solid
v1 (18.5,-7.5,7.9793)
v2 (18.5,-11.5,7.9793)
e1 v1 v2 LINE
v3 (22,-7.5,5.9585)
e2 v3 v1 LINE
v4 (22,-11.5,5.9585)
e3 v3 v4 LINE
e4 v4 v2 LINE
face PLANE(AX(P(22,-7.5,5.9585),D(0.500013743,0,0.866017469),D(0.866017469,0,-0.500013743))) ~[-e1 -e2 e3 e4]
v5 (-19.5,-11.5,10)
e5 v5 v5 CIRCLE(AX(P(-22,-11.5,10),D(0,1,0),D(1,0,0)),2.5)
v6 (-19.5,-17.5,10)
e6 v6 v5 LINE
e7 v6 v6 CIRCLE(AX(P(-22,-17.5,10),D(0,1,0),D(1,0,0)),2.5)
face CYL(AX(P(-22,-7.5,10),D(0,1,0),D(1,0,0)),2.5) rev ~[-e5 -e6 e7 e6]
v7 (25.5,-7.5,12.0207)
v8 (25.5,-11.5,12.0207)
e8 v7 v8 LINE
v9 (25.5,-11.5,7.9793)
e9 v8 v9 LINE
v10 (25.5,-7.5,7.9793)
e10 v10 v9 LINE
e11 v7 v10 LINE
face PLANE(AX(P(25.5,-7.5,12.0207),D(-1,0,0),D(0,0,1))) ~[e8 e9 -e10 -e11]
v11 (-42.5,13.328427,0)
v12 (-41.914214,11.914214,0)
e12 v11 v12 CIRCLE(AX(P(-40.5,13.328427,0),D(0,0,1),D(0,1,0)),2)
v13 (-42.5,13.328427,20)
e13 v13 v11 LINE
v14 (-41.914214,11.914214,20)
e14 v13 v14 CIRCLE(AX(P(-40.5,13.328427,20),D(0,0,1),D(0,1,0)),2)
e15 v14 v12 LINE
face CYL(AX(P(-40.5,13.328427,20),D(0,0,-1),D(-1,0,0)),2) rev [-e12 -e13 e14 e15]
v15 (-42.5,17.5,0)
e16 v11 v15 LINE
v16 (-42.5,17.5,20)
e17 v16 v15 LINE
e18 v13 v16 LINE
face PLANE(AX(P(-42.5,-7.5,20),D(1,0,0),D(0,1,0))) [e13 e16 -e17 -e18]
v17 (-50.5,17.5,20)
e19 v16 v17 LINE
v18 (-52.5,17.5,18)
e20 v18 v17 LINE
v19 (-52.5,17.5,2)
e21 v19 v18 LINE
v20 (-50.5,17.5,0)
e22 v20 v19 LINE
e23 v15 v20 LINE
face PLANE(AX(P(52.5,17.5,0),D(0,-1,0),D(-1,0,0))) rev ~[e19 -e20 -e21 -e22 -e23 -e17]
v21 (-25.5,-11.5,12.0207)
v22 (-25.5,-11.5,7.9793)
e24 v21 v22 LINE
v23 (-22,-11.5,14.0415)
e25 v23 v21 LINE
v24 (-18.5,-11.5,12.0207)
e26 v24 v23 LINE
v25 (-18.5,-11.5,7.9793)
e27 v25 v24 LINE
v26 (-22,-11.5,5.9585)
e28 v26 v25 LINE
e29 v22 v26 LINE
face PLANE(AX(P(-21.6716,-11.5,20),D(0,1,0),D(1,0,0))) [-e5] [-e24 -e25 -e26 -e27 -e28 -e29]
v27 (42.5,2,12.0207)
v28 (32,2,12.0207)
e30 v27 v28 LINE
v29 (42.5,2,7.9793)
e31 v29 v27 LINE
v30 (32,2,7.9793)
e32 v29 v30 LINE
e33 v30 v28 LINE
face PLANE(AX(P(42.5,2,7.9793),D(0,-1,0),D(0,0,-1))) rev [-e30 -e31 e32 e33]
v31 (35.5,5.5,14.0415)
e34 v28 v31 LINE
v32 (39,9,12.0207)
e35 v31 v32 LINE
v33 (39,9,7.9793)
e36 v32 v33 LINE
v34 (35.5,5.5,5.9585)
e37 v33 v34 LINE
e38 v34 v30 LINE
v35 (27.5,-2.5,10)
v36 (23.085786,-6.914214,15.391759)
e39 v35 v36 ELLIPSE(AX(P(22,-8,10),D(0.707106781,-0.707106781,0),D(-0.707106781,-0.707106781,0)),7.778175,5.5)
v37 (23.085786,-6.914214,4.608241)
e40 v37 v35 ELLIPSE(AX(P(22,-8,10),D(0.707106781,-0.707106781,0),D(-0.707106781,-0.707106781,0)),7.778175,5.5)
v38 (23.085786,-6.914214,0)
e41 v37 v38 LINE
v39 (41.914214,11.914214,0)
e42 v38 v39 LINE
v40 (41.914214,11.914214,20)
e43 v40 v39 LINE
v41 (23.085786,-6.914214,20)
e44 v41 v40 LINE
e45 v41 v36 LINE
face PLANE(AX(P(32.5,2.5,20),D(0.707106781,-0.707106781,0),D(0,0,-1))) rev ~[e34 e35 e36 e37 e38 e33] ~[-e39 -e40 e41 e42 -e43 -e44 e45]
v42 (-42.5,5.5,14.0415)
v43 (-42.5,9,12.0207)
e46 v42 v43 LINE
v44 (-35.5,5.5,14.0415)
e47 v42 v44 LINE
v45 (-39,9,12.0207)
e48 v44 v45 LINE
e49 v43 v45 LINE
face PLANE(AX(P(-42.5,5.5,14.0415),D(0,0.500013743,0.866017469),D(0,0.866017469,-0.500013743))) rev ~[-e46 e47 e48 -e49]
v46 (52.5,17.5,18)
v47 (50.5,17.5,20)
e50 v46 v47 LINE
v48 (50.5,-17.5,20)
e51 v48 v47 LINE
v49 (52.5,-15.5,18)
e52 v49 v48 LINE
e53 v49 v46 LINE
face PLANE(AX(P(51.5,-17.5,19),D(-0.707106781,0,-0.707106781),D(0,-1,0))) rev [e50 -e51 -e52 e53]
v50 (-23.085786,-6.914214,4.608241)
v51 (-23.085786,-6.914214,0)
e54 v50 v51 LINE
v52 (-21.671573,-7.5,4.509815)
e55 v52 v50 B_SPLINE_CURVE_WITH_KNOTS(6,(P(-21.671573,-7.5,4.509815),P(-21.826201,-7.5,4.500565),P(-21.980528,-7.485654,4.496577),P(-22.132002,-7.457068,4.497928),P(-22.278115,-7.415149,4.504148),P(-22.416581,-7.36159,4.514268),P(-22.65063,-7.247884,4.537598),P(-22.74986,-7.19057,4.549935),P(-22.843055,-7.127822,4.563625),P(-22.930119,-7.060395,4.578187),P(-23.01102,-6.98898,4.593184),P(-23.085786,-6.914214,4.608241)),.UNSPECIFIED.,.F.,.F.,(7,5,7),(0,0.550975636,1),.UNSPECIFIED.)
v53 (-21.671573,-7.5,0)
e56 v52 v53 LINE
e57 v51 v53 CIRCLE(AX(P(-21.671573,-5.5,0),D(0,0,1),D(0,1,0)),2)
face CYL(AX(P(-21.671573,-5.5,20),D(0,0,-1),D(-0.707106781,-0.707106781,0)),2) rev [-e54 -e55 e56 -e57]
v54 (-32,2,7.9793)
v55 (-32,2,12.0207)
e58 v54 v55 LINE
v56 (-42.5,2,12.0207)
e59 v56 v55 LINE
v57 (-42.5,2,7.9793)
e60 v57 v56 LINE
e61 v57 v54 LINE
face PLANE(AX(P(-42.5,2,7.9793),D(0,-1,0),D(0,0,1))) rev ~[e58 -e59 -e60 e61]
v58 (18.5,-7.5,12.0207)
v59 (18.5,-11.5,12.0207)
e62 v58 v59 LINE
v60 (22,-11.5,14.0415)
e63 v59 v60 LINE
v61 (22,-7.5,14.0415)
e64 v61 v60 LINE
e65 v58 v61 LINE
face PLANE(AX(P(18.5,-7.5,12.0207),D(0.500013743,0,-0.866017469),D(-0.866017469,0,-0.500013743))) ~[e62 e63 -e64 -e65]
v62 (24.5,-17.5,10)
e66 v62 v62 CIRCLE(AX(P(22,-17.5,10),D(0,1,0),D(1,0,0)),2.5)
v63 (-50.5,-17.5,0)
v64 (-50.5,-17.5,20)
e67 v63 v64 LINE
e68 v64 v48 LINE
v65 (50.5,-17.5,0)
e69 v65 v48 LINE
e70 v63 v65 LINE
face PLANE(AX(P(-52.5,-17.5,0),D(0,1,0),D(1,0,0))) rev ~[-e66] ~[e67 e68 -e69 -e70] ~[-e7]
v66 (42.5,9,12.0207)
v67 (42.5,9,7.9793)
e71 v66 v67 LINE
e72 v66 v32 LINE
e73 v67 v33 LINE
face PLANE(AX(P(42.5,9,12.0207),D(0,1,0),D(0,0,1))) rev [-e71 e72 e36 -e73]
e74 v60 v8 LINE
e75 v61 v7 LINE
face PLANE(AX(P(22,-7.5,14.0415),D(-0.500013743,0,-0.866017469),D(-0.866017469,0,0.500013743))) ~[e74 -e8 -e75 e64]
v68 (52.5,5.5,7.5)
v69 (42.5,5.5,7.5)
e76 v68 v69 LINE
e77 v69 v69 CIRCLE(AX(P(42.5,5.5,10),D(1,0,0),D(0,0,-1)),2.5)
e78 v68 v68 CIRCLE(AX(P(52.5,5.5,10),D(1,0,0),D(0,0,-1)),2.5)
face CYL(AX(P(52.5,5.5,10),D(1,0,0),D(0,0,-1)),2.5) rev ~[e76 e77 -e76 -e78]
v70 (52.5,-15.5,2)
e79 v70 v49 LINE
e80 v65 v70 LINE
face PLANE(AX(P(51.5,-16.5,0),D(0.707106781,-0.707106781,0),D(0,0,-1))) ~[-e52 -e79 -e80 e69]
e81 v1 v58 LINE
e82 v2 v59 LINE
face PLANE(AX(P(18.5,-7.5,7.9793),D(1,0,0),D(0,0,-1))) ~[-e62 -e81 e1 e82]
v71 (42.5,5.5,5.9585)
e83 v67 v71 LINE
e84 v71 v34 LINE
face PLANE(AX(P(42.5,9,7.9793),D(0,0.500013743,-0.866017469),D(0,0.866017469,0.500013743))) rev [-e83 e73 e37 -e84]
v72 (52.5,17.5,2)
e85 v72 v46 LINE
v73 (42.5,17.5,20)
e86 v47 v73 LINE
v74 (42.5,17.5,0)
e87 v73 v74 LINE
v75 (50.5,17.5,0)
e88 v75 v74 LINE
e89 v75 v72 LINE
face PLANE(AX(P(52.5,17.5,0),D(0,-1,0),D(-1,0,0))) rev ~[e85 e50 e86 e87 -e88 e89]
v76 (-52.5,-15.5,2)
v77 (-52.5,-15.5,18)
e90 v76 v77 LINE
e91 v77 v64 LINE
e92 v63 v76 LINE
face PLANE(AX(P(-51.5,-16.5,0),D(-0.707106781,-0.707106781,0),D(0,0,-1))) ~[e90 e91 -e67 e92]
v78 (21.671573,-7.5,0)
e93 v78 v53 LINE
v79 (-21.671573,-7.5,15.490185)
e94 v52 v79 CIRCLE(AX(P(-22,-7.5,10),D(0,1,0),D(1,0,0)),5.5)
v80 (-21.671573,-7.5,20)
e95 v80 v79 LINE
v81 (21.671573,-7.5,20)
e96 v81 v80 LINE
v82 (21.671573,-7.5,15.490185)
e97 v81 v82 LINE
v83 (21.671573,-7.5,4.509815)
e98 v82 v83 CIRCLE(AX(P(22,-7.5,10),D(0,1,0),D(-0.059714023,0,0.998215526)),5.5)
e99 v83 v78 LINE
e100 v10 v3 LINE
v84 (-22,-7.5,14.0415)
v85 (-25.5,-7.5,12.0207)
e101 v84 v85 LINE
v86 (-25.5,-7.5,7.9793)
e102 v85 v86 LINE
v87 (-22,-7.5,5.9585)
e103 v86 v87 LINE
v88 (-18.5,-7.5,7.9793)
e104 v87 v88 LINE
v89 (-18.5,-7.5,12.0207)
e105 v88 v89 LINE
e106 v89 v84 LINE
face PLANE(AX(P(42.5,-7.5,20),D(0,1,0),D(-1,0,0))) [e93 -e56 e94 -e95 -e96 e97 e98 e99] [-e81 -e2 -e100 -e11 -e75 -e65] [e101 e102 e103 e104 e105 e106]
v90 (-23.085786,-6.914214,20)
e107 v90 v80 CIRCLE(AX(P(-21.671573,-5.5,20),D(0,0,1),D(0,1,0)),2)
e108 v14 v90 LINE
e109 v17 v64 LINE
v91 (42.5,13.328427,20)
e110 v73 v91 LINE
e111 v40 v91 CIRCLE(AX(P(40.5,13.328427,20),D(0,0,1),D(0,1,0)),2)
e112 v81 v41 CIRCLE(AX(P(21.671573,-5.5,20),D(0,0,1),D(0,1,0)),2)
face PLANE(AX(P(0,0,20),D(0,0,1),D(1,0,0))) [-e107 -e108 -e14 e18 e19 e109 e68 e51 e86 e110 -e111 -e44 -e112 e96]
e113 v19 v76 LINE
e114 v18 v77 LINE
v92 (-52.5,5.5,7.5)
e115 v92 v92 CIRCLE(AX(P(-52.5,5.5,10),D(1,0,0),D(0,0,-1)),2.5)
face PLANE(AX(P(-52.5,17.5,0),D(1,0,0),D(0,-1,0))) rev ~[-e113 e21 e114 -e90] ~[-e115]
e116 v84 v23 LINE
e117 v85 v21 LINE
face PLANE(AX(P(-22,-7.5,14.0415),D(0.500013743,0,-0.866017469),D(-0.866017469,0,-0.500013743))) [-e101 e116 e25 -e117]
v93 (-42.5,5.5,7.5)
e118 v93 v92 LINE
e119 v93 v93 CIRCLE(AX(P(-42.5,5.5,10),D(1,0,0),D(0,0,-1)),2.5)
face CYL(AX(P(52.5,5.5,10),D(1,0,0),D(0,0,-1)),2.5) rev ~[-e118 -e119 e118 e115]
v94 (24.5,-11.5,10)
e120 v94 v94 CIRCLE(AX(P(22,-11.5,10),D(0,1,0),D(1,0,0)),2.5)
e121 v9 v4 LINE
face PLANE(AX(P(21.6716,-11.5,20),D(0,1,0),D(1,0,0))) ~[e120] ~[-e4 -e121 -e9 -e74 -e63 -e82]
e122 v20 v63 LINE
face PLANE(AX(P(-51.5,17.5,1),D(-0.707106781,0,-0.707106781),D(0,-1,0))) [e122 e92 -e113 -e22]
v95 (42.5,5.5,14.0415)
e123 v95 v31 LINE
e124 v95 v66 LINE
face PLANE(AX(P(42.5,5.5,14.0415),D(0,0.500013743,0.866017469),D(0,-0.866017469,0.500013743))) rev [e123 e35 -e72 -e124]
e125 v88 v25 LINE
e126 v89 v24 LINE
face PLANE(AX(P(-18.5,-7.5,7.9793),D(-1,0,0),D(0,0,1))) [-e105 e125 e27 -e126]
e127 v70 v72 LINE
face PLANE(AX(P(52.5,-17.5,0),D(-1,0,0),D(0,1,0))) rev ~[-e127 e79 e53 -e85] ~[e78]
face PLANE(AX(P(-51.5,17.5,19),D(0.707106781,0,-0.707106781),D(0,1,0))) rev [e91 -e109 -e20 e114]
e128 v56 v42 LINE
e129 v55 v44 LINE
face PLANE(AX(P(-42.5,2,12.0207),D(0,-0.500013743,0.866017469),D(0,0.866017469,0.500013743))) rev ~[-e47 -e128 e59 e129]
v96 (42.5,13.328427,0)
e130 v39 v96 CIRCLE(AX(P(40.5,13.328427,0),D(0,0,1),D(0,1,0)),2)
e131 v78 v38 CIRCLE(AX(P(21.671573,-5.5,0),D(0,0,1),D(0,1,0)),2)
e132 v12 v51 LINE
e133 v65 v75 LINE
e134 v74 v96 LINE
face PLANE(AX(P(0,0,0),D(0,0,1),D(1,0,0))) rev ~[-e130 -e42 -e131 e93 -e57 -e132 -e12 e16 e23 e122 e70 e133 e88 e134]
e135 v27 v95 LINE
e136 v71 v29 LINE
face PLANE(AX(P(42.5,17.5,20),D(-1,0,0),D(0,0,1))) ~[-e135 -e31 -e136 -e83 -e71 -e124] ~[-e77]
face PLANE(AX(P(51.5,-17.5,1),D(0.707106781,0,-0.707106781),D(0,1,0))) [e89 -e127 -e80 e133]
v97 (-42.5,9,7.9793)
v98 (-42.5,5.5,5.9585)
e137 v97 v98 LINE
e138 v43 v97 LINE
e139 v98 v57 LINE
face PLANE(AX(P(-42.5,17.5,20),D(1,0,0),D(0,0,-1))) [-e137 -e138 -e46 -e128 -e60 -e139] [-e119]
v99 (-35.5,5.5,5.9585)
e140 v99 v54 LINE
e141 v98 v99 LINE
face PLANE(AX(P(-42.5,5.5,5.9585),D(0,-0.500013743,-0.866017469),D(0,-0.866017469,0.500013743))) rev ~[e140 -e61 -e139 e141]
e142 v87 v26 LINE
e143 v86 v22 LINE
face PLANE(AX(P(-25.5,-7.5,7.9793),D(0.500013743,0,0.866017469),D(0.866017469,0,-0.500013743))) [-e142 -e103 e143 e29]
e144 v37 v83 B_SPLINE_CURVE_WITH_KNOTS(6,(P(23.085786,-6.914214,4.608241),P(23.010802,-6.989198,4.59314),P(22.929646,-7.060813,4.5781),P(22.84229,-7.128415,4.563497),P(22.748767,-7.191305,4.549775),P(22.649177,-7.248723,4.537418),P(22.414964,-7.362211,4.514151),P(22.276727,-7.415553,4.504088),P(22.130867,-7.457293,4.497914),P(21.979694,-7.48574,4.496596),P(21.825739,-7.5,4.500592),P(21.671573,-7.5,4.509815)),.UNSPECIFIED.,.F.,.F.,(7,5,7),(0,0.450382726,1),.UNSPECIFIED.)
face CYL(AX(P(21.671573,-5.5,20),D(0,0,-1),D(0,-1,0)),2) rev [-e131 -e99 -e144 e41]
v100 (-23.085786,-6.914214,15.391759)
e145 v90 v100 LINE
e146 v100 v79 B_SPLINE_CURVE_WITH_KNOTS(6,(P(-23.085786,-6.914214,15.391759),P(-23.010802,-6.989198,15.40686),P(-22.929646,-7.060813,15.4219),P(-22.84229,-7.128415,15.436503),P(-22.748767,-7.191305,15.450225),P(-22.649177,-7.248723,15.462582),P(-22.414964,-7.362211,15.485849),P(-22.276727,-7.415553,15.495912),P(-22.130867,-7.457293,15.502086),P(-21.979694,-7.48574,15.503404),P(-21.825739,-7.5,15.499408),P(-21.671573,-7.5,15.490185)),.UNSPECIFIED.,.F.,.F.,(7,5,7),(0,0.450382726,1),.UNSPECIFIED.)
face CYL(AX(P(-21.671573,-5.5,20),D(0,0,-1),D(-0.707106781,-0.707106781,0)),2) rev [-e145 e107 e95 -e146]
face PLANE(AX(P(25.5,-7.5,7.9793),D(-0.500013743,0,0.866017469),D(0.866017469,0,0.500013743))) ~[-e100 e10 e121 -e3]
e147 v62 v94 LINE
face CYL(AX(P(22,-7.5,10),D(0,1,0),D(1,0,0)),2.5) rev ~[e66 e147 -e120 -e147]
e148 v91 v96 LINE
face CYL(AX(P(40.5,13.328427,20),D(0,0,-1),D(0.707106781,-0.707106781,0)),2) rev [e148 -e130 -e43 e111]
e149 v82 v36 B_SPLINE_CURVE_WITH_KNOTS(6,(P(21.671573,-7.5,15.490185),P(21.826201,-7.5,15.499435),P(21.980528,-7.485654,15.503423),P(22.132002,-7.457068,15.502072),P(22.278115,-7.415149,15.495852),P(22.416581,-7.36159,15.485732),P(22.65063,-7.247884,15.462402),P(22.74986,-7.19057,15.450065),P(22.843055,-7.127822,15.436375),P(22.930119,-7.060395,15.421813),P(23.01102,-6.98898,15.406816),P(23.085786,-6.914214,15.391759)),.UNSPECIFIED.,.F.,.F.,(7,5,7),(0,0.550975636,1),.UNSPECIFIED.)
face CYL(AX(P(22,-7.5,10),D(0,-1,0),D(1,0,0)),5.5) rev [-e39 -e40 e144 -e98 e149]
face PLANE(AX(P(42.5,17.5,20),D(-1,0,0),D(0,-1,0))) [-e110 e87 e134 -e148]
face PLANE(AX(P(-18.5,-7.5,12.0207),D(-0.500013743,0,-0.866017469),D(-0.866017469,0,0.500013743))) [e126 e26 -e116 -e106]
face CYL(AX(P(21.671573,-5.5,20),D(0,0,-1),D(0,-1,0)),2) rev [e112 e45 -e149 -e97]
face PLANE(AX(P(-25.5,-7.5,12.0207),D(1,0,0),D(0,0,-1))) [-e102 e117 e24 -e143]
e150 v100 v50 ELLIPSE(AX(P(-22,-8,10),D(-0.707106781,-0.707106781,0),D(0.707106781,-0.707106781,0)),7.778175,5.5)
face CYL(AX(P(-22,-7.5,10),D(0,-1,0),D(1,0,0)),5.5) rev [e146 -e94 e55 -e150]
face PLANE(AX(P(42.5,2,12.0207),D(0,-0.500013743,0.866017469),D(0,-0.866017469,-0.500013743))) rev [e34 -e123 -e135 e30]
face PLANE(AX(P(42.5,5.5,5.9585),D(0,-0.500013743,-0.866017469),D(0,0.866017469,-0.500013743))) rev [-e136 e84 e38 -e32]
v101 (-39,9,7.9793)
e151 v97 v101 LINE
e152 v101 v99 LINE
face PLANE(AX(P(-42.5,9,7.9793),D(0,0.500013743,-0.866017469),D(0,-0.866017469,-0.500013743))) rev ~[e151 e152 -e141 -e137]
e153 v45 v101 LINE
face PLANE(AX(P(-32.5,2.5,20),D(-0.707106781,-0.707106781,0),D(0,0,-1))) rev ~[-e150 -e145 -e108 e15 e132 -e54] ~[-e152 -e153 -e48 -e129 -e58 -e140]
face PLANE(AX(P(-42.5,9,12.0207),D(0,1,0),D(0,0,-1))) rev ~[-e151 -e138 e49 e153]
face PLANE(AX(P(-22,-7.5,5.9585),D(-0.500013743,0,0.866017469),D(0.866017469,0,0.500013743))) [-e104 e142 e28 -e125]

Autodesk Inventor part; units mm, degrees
ref_plane "XZ Plane" through (0, 0, 0) normal (0, 1, 0) x (-1, 0, 0)
ref_plane "XY Plane" through (0, 0, 0) normal (0, 0, 1) x (1, 0, 0)
sketch "Sketch1" plane through (0, 0, 0) normal (0, 0, 1) x (1, 0, 0)
  line L0 (-52.5, -17.5) -> (52.5, -17.5)
  line L1 (52.5, -17.5) -> (52.5, 17.5)
  line L2 (52.5, 17.5) -> (-52.5, 17.5)
  line L3 (-52.5, 17.5) -> (-52.5, -17.5)
  line L4 (-52.5, -17.5) -> (52.5, 17.5) construction
  line L5 (52.5, -17.5) -> (-52.5, 17.5) construction
  point P0 (0, 0)
  dimension "d0" = 105
  dimension "d1" = 35
extrude "Extrusion1" add sketch "Sketch1" along normal blind 20
sketch "Sketch2" plane through (0, 0, 20) normal (0, 0, 1) x (1, 0, 0)
  line L0 (52.5, 17.5) -> (-52.5, 17.5) projected
  line L1 (-42.5, 17.5) -> (42.5, 17.5)
  line L2 (42.5, 17.5) -> (42.5, -7.5)
  line L3 (42.5, -7.5) -> (-42.5, -7.5)
  line L4 (-42.5, -7.5) -> (-42.5, 17.5)
  line L5 (-52.5, 17.5) -> (-52.5, -17.5) projected
  line L6 (52.5, -17.5) -> (52.5, 17.5) projected
  line L7 (-52.5, -17.5) -> (52.5, -17.5) projected
  point P0 (0, 0)
  point P1 (42.5, 17.5)
  dimension "d4" = 10
  dimension "d5" = 10
  dimension "d6" = 10
extrude "Extrusion2" cut sketch "Sketch2" against normal through all contours L2 L3 L4 L0
chamfer "Chamfer1" distance 20 angle 45 2 edges at (-42.5, -7.5, 10) (42.5, -7.5, 10)
fillet "Fillet1" radius 2 4 edges at (-42.5, 12.5, 10) (-22.5, -7.5, 10) (22.5, -7.5, 10) (42.5, 12.5, 10)
sketch "Sketch3" plane through (-21.6716, -7.5, 20) normal (0, 1, 0) x (1, 0, 0)
  line L0 (-35.2748, 10) -> (83.1656, 10) construction
  circle A0 centre (-0.3284, 10) radius 2.5
  line L1 (21.6716, 24) -> (21.6716, -4) projected
  circle A1 centre (43.6716, 10) radius 2.5
  point P0 (21.6716, 20)
  dimension "d13" = 5
  dimension "d14" = 22
extrude "Extrusion3" cut sketch "Sketch3" against normal through all both and the other way through all
sketch "Sketch4" plane through (-21.6716, -7.5, 20) normal (0, 1, 0) x (1, 0, 0)
  arc A0 (-1.4142, 12.2519) -> (-1.4142, 7.7481) centre (-0.3284, 10) ccw projected
  arc A1 (44.7574, 7.7481) -> (44.7574, 12.2519) centre (43.6716, 10) ccw projected
  circle A2 centre (-0.3284, 10) radius 5.5
  circle A3 centre (43.6716, 10) radius 5.5
  point P0 (21.6716, 20)
  dimension "d17" = 11
  dimension "d18" = 11
extrude "Extrusion4" cut sketch "Sketch4" along normal blind 20
sketch "Sketch5" plane through (52.5, -17.5, 0) normal (1, 0, 0) x (0, 0, -1)
  circle A0 centre (-10, 23) radius 2.5
  line L0 (-20, 0) -> (-20, 35) projected
  line L1 (0, 35) -> (-20, 35) projected
  point P0 (0, 17.5)
  dimension "d21" = 10
  dimension "d22" = 12
  dimension "d23" = 5
extrude "Extrusion5" cut sketch "Sketch5" against normal through all
chamfer "Chamfer2" distance 2 angle 45 6 edges at (-52.5, 0, 20) (-52.5, 0, 0) (52.5, 0, 20) (52.5, 0, 0) (-52.5, -17.5, 10) (52.5, -17.5, 10)
sketch "Sketch6" plane through (-42.5, 17.5, 20) normal (1, 0, 0) x (0, 0, -1)
  circle A0 centre (10, -12) radius 2.5 projected
  circle A1 centre (10, -12) radius 5.5
  point P0 (20, -17.5)
  dimension "d29" = 11
extrude "Extrusion6" cut sketch "Sketch6" along normal blind 20
mirror "Mirror1" about plane through (0, 0, 0) normal (1, 0, 0) of "Extrusion6"
sketch "Sketch7" plane through (-42.5, 5.5, 10) normal (1, 0, 0) x (0, 0, -1)
  circle A0 centre (0, 0) radius 5.5 projected
  line L0 (4.0415, 0) -> (2.0207, -3.5)
  line L1 (2.0207, -3.5) -> (-2.0207, -3.5)
  line L2 (-2.0207, -3.5) -> (-4.0415, 0)
  line L3 (-4.0415, 0) -> (-2.0207, 3.5)
  line L4 (-2.0207, 3.5) -> (2.0207, 3.5)
  line L5 (2.0207, 3.5) -> (4.0415, 0)
  point P0 (10, -5.5)
  dimension "d32" = 7
extrude "Extrusion7" add sketch "Sketch7" along normal up to surface surface through (-32.5, 2.5, 20) normal (0.7071, 0.7071, 0)
sketch "Sketch8" plane through (-21.6716, -7.5, 20) normal (0, 1, 0) x (1, 0, 0)
  arc A0 (-1.4142, 15.3918) -> (-1.4142, 4.6082) centre (-0.3284, 10) ccw projected
  circle A1 centre (-0.3284, 10) radius 5.5
  line L0 (-0.3284, 14.0415) -> (3.1716, 12.0207)
  line L1 (3.1716, 12.0207) -> (3.1716, 7.9793)
  line L2 (3.1716, 7.9793) -> (-0.3284, 5.9585)
  line L3 (-0.3284, 5.9585) -> (-3.8284, 7.9793)
  line L4 (-3.8284, 7.9793) -> (-3.8284, 12.0207)
  line L5 (-3.8284, 12.0207) -> (-0.3284, 14.0415)
  point P0 (21.6716, 20)
  dimension "d35" = 7
extrude "Extrusion8" cut sketch "Sketch8" against normal blind 4 contours L0 L1 L2 L3 L4 L5
mirror "Mirror2" about plane through (0, 0, 0) normal (1, 0, 0) of "Extrusion7", "Extrusion8"
properties part number "_3DPrint"
